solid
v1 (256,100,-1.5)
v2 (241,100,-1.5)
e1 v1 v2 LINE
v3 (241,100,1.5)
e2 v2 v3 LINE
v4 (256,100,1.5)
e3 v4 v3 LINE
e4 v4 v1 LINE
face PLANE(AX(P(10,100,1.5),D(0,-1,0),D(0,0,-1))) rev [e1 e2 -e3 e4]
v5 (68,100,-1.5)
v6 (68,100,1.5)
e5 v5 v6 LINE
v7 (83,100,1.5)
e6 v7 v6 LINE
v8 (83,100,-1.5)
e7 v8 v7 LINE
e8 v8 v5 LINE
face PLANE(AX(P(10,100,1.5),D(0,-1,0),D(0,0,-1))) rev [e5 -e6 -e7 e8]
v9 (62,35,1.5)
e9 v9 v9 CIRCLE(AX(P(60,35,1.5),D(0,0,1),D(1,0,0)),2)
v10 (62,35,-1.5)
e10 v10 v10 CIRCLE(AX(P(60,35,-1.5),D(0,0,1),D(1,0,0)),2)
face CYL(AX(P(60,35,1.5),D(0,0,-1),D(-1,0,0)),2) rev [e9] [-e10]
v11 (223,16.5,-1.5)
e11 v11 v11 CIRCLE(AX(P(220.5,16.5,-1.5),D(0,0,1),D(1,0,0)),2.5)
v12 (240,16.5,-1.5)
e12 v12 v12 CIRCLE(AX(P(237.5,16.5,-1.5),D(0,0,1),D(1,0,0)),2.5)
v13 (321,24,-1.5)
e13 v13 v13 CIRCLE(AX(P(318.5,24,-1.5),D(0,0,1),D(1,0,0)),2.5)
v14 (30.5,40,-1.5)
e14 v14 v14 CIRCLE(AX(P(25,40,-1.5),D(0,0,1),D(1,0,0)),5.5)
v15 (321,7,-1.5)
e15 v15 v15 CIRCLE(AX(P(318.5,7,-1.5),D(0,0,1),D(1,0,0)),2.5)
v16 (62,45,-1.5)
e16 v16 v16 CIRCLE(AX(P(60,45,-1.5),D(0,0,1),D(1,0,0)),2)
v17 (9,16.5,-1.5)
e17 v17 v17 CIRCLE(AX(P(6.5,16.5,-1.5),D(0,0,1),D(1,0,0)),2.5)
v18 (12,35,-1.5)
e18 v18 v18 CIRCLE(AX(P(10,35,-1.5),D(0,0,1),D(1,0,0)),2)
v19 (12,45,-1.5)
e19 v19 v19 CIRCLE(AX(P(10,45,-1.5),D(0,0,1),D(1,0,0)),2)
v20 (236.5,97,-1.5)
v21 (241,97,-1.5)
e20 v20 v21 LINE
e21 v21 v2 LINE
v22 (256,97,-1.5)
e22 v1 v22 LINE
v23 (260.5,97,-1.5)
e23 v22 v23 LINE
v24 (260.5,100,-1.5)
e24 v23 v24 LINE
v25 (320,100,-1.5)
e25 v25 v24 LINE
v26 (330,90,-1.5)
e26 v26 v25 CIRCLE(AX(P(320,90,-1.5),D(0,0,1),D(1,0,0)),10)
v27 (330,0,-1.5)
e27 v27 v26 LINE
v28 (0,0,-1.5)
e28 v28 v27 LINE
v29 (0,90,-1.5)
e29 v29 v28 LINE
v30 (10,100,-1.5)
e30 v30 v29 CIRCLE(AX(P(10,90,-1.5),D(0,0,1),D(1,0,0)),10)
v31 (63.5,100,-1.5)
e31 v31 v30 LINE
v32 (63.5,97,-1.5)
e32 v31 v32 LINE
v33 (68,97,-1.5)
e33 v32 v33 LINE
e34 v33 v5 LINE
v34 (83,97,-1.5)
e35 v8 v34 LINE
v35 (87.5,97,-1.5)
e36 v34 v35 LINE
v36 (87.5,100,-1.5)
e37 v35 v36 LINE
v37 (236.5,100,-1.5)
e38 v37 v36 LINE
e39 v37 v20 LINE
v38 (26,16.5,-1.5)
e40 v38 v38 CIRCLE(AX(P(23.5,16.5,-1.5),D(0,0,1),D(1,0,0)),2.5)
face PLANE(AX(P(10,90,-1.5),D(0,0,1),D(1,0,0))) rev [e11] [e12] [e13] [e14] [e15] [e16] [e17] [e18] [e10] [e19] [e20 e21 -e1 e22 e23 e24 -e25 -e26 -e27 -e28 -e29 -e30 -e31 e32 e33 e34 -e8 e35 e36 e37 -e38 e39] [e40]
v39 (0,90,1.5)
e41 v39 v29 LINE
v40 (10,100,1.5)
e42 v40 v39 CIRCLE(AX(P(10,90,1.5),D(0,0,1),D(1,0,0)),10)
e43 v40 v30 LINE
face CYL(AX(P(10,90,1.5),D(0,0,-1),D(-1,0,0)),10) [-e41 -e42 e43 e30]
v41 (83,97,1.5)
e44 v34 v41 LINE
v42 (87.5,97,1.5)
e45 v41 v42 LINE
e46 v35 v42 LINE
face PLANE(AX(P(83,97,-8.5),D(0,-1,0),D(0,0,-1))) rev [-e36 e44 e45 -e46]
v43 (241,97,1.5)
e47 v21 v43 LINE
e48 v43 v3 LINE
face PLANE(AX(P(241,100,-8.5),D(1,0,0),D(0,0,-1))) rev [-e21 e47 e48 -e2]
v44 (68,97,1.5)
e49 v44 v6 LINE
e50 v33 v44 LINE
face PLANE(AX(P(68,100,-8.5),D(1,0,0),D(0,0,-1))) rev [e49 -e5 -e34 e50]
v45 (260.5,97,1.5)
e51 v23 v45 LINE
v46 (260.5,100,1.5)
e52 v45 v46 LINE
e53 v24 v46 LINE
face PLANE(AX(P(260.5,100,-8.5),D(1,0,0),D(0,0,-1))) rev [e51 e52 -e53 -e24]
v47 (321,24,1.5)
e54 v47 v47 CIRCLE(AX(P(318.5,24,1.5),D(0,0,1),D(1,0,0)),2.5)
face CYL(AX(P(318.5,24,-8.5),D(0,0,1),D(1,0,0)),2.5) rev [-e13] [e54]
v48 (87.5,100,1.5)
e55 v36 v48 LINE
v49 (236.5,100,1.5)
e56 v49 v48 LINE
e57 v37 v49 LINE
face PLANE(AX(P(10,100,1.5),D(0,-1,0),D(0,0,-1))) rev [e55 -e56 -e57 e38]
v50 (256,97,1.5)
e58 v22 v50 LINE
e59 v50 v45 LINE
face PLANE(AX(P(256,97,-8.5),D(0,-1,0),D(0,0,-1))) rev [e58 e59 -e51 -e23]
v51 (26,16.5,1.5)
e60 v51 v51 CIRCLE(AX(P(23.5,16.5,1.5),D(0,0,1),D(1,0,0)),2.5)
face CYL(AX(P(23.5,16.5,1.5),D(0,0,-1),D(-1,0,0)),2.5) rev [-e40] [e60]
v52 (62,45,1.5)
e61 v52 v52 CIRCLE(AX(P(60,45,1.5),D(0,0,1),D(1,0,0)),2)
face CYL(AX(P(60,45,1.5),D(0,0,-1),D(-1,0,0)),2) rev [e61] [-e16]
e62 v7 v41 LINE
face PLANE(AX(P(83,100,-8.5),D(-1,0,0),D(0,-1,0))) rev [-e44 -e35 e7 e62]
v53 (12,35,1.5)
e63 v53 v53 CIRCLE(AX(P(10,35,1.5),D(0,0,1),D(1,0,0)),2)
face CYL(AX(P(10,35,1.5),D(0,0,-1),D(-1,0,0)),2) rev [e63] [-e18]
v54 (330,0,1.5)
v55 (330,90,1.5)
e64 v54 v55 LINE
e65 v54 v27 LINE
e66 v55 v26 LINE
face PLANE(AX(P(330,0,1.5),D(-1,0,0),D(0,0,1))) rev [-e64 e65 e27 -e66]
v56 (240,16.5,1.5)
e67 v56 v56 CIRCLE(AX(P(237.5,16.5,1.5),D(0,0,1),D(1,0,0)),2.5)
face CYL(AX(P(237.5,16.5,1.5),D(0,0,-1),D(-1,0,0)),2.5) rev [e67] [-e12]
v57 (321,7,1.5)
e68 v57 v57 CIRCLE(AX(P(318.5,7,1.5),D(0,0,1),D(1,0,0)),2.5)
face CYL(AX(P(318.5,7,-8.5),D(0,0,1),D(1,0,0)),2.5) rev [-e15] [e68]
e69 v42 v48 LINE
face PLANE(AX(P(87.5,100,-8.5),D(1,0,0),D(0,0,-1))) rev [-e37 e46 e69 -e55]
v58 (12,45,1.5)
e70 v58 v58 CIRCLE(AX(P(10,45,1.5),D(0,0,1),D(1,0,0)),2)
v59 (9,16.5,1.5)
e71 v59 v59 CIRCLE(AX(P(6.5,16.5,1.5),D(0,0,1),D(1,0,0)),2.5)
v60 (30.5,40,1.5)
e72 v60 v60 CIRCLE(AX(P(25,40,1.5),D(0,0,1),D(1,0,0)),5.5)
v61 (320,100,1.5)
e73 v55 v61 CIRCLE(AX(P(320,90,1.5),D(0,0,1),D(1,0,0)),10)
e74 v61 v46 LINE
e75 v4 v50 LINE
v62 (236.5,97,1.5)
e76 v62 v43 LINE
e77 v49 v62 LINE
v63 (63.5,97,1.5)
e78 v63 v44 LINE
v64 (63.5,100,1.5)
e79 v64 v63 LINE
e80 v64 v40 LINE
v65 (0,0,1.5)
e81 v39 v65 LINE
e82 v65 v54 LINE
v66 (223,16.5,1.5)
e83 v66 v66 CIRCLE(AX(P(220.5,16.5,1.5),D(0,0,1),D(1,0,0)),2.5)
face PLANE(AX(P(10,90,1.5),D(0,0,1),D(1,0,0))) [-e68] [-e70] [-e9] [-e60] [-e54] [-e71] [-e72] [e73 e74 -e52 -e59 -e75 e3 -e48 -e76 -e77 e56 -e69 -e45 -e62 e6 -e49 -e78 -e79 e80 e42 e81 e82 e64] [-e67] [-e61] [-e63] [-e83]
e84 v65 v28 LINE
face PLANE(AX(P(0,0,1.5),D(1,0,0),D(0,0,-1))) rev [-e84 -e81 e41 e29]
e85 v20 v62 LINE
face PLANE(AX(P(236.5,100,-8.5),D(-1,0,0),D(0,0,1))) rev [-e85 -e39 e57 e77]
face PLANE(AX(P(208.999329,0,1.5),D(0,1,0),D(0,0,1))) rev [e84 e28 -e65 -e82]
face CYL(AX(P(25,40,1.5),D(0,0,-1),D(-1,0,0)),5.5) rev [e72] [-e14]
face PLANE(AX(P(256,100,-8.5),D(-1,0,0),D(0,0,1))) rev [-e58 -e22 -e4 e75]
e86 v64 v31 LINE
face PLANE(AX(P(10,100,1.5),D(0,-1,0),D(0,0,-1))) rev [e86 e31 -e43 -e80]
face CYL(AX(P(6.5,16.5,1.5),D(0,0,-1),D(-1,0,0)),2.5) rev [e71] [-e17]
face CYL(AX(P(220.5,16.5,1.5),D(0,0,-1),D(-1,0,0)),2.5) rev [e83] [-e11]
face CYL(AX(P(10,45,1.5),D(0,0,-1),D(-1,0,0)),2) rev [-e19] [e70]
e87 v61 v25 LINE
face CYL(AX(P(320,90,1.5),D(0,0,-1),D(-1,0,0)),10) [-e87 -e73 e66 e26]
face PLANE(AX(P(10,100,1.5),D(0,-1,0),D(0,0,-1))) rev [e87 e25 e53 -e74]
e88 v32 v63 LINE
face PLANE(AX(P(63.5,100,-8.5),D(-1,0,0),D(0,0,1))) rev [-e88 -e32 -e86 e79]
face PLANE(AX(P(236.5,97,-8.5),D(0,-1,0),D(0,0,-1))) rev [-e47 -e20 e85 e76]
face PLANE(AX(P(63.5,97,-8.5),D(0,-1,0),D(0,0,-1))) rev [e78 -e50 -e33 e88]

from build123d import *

# Parameters (mm, degrees)
SKETCH_2_R          = 2
SKETCH_2_R_2        = 5.5
SKETCH_2_R_3        = 2.5
EXTRUDE_1_DEPTH     = 1.5
SKETCH_3_R          = 2.5
CUT_EXTRUDE_1_DEPTH = 10
SKETCH_4_W          = 4.5
SKETCH_4_H          = 3
CUT_EXTRUDE_2_DEPTH = 10
SKETCH_5_W          = 4.5
SKETCH_5_H          = 3
CUT_EXTRUDE_3_DEPTH = 10


with BuildPart() as part:
    # 草图2 → 凸台-拉伸1 (new, symmetric)
    with BuildSketch(Plane.XY):
        with BuildLine():
            Line((120, 0), (207, 0))
            Line((207, 0), (208.99932908, 0))
            Line((208.99932908, 0), (330, 0))
            Line((330, 0), (330, 90))
            ThreePointArc((330, 90), (327.071067812, 97.071067812), (320, 100))
            Line((320, 100), (10, 100))
            ThreePointArc((10, 100), (2.928932188, 97.071067812), (0, 90))
            Line((0, 90), (0, 0))
            Line((0, 0), (30, 0))
            Line((30, 0), (120, 0))
        make_face()
        with Locations((10, 45)):
            Circle(SKETCH_2_R, mode=Mode.SUBTRACT)
        with Locations((10, 35)):
            Circle(SKETCH_2_R, mode=Mode.SUBTRACT)
        with Locations((60, 45)):
            Circle(SKETCH_2_R, mode=Mode.SUBTRACT)
        with Locations((60, 35)):
            Circle(SKETCH_2_R, mode=Mode.SUBTRACT)
        with Locations((25, 40)):
            Circle(SKETCH_2_R_2, mode=Mode.SUBTRACT)
        with Locations((6.5, 16.5)):
            Circle(SKETCH_2_R_3, mode=Mode.SUBTRACT)
        with Locations((23.5, 16.5)):
            Circle(SKETCH_2_R_3, mode=Mode.SUBTRACT)
        with Locations((220.5, 16.5)):
            Circle(SKETCH_2_R_3, mode=Mode.SUBTRACT)
        with Locations((237.5, 16.5)):
            Circle(SKETCH_2_R_3, mode=Mode.SUBTRACT)
    extrude(amount=EXTRUDE_1_DEPTH, both=True)

    # 草图3 → 切除-拉伸1 (cut)
    with BuildSketch(Plane.XY.offset(1.5)):
        with Locations((318.5, 24)):
            Circle(SKETCH_3_R)
        with Locations((318.5, 7)):
            Circle(SKETCH_3_R)
    extrude(amount=-CUT_EXTRUDE_1_DEPTH, mode=Mode.SUBTRACT)

    # 草图4 → 切除-拉伸2 (cut)
    with BuildSketch(Plane.XY.offset(1.5)):
        with Locations((65.75, 98.5)):
            Rectangle(SKETCH_4_W, SKETCH_4_H)
        with Locations((258.25, 98.5)):
            Rectangle(SKETCH_4_W, SKETCH_4_H)
    extrude(amount=-CUT_EXTRUDE_2_DEPTH, mode=Mode.SUBTRACT)

    # 草图5 → 切除-拉伸3 (cut)
    with BuildSketch(Plane.XY.offset(1.5)):
        with Locations((85.25, 98.5)):
            Rectangle(SKETCH_5_W, SKETCH_5_H)
        with Locations((238.75, 98.5)):
            Rectangle(SKETCH_5_W, SKETCH_5_H)
    extrude(amount=-CUT_EXTRUDE_3_DEPTH, mode=Mode.SUBTRACT)


solid = part.part
